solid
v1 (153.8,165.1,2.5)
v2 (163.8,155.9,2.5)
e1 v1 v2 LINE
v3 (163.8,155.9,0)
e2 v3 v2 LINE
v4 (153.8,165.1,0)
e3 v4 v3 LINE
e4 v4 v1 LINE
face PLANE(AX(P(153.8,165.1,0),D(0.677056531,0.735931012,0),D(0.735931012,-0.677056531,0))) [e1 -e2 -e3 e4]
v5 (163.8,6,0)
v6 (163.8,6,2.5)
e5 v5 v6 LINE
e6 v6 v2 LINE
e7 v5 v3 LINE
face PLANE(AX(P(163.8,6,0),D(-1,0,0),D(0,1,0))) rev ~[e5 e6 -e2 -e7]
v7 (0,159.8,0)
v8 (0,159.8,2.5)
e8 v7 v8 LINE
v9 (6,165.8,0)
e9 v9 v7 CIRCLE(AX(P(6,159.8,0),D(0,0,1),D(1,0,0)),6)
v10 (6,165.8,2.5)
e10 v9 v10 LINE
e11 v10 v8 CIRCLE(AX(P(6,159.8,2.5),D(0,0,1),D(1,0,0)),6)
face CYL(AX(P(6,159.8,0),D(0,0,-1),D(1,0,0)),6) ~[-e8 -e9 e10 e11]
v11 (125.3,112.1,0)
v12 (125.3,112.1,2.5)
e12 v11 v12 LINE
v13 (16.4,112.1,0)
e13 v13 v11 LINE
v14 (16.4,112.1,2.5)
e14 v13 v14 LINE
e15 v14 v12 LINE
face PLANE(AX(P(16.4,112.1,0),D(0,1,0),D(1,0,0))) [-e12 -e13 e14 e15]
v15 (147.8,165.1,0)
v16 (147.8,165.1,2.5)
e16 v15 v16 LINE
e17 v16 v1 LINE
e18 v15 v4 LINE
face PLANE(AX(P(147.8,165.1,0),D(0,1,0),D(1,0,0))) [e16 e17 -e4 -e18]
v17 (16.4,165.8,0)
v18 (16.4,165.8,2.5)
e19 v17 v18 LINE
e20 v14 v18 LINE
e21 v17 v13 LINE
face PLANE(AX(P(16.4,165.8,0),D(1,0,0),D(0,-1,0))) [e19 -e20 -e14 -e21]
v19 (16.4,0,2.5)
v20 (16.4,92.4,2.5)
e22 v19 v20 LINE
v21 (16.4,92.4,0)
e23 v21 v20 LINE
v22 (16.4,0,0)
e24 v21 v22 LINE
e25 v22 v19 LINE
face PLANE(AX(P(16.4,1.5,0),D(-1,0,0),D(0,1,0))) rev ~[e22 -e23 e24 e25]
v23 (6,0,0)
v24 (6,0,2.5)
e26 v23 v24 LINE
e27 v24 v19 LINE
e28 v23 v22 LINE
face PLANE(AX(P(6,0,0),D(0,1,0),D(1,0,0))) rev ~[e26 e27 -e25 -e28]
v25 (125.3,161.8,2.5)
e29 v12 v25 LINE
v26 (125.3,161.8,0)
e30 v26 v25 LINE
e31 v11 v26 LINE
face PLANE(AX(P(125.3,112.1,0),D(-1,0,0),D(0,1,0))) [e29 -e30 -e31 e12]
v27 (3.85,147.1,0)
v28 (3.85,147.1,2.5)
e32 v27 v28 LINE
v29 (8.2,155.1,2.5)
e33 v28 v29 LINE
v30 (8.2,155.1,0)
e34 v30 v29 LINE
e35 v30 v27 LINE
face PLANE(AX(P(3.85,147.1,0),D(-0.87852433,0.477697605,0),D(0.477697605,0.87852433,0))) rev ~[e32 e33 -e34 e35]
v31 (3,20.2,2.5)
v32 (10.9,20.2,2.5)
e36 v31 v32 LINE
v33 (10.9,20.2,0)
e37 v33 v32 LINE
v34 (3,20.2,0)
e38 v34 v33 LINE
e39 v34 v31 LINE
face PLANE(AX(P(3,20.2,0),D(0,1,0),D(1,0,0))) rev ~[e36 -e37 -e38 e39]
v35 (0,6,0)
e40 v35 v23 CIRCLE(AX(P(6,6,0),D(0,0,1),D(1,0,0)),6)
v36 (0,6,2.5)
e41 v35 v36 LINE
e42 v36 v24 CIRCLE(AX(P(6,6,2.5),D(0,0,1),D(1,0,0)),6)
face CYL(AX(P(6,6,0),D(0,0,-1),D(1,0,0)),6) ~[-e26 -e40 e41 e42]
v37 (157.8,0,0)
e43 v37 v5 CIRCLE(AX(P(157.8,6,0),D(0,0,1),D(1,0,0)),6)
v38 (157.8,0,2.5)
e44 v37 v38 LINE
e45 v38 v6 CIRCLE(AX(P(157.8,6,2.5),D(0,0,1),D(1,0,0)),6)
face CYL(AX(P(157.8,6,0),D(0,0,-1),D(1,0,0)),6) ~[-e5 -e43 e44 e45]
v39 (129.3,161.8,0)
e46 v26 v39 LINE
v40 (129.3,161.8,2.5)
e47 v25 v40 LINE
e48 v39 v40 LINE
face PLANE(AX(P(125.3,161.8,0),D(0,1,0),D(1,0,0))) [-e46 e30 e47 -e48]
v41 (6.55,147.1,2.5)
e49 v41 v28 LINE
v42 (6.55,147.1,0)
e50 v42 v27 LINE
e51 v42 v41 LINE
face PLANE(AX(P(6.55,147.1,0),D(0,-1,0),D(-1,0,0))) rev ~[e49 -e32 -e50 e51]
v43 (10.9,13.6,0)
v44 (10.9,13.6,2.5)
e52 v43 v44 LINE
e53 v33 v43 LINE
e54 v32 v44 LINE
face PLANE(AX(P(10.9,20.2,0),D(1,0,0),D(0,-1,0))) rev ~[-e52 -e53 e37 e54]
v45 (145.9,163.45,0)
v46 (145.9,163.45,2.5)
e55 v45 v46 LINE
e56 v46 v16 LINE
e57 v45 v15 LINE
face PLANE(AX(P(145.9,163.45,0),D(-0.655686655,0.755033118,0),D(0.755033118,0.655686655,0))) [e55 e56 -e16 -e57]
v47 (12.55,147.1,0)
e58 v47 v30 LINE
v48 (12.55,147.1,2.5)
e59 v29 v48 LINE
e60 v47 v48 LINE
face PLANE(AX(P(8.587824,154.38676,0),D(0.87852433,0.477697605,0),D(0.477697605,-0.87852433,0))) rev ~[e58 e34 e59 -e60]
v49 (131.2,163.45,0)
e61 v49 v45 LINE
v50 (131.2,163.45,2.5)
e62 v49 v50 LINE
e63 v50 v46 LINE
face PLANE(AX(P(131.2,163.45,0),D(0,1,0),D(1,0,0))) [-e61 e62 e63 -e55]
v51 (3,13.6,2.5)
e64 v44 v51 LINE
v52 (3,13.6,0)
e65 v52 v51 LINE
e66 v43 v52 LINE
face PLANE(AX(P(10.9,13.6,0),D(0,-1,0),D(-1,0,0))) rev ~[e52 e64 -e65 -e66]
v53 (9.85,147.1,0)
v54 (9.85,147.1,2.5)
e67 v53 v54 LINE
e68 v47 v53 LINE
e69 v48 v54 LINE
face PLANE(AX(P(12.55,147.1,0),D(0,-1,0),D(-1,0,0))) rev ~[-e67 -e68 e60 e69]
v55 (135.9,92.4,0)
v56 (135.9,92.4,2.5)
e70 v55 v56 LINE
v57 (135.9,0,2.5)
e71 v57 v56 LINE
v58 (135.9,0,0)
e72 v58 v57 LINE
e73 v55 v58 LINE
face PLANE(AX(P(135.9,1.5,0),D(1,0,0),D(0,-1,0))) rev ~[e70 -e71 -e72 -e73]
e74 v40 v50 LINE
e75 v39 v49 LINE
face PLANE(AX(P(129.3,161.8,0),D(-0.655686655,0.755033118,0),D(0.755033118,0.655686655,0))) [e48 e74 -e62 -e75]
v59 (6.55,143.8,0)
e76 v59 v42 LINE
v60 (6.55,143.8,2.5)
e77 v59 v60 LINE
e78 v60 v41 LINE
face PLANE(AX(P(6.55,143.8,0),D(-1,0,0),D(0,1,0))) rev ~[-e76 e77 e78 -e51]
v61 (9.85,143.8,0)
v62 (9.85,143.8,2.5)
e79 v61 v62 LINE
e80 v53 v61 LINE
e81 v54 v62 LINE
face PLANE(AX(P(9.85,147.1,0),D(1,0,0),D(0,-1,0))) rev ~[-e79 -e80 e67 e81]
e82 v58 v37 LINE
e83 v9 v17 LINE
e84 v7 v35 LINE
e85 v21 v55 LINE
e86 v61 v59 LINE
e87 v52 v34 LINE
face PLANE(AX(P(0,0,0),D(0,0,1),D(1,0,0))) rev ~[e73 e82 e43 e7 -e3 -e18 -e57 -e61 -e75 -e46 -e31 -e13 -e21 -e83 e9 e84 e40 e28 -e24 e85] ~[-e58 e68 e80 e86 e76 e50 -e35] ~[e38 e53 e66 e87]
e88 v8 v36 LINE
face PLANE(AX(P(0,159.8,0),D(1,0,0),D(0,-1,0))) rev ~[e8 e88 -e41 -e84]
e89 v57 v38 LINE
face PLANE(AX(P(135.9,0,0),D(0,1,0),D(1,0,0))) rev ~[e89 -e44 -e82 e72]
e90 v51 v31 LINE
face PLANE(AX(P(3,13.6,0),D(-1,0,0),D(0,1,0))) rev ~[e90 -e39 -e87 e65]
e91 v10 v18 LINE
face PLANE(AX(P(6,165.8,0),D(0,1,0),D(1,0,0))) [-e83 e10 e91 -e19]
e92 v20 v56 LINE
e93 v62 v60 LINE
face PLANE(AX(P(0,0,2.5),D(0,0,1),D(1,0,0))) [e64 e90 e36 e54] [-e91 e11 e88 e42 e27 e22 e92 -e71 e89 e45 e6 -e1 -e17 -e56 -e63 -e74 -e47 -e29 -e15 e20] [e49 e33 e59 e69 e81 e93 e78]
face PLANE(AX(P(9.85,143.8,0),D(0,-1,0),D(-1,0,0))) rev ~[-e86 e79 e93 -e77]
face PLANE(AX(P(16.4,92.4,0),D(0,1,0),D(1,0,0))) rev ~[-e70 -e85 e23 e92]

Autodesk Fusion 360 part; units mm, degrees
sketch "Sketch Floppy Disk" plane through (0, 0, 0) normal (0, 0, 1) x (1, 0, 0)
  line L0 (163.8, 0) -> (163.8, 155.9)
  line L1 (0, 165.8) -> (0, 0)
  line L2 (0, 165.8) -> (16.4, 165.8)
  line L3 (16.4, 165.8) -> (16.4, 112.1)
  line L4 (16.4, 112.1) -> (125.3, 112.1)
  line L5 (125.3, 112.1) -> (125.3, 161.8)
  line L6 (0, 0) -> (16.4, 0)
  line L7 (16.4, 0) -> (16.4, 92.4)
  line L8 (16.4, 92.4) -> (135.9, 92.4)
  line L9 (135.9, 92.4) -> (135.9, 0)
  line L10 (135.9, 0) -> (163.8, 0)
  line L11 (125.3, 161.8) -> (129.3, 161.8)
  line L12 (129.3, 161.8) -> (131.2, 163.45)
  line L13 (131.2, 163.45) -> (145.9, 163.45)
  line L14 (145.9, 163.45) -> (147.8, 165.1)
  line L15 (147.8, 165.1) -> (153.8, 165.1)
  line L16 (153.8, 165.1) -> (163.8, 155.9)
  line L17 (16.4, 164.3) -> (102.4, 164.3)
  line L18 (102.4, 164.3) -> (105, 161.8)
  line L19 (105, 161.8) -> (125.3, 161.8)
  line L20 (16.4, 1.5) -> (135.9, 1.5)
  line L21 (3, 20.2) -> (10.9, 20.2)
  line L22 (10.9, 20.2) -> (10.9, 13.6)
  line L23 (10.9, 13.6) -> (3, 13.6)
  line L24 (3, 13.6) -> (3, 20.2)
  line L25 (6.55, 143.8) -> (6.55, 147.1)
  line L26 (6.55, 147.1) -> (3.85, 147.1)
  line L27 (3.85, 147.1) -> (8.2, 155.1)
  line L28 (8.2, 155.1) -> (12.55, 147.1)
  line L29 (12.55, 147.1) -> (9.85, 147.1)
  line L30 (9.85, 147.1) -> (9.85, 143.8)
  line L31 (9.85, 143.8) -> (6.55, 143.8)
  line L32 (6.55, 143.8) -> (0, 143.8) construction
  line L33 (9.85, 143.8) -> (16.4, 143.8) construction
  circle A0 centre (157.8, 6) radius 6
  circle A1 centre (6, 6) radius 6
  circle A2 centre (6, 159.8) radius 6
  dimension "d7" = 16.4
  dimension "d8" = 27.9
  dimension "d9" = 119.5
  dimension "d10" = 108.9
  dimension "d12" = 53.7
  dimension "d13" = 92.4
  dimension "d14" = 14.7
  dimension "d15" = 6
  dimension "d16" = 4
  dimension "d17" = 10
  dimension "d18" = 9.2
  dimension "d19" = 1.5
  dimension "d20" = 165.1
  dimension "d21" = 86
  dimension "d22" = 24.3
  dimension "d23" = 49.7
  dimension "d24" = 1.5
  dimension "d25" = 6.6
  dimension "d26" = 7.9
  dimension "d27" = 13.6
  dimension "d28" = 3
  dimension "d29" = 3.3
  dimension "d30" = 3.3
  dimension "d31" = 2.7
  dimension "d32" = 8
  dimension "d33" = 22
  dimension "d34" = 165.8
  dimension "d37" = 6
  dimension "d38" = 6
  dimension "d39" = 6
extrude "Extrude1" add sketch "Sketch Floppy Disk" along normal blind 2.5 contours L0 L1 L2 L3 L4 L5 L6 L7 L8 L9 L10 L11 L12 L13 L14 L15 L16 L25 L26 L27 L28 L29 L30 L31 A0 A1 A2 | A0 | A1 | L27 L28 A2 picked at (4.8212, 161.7351)
